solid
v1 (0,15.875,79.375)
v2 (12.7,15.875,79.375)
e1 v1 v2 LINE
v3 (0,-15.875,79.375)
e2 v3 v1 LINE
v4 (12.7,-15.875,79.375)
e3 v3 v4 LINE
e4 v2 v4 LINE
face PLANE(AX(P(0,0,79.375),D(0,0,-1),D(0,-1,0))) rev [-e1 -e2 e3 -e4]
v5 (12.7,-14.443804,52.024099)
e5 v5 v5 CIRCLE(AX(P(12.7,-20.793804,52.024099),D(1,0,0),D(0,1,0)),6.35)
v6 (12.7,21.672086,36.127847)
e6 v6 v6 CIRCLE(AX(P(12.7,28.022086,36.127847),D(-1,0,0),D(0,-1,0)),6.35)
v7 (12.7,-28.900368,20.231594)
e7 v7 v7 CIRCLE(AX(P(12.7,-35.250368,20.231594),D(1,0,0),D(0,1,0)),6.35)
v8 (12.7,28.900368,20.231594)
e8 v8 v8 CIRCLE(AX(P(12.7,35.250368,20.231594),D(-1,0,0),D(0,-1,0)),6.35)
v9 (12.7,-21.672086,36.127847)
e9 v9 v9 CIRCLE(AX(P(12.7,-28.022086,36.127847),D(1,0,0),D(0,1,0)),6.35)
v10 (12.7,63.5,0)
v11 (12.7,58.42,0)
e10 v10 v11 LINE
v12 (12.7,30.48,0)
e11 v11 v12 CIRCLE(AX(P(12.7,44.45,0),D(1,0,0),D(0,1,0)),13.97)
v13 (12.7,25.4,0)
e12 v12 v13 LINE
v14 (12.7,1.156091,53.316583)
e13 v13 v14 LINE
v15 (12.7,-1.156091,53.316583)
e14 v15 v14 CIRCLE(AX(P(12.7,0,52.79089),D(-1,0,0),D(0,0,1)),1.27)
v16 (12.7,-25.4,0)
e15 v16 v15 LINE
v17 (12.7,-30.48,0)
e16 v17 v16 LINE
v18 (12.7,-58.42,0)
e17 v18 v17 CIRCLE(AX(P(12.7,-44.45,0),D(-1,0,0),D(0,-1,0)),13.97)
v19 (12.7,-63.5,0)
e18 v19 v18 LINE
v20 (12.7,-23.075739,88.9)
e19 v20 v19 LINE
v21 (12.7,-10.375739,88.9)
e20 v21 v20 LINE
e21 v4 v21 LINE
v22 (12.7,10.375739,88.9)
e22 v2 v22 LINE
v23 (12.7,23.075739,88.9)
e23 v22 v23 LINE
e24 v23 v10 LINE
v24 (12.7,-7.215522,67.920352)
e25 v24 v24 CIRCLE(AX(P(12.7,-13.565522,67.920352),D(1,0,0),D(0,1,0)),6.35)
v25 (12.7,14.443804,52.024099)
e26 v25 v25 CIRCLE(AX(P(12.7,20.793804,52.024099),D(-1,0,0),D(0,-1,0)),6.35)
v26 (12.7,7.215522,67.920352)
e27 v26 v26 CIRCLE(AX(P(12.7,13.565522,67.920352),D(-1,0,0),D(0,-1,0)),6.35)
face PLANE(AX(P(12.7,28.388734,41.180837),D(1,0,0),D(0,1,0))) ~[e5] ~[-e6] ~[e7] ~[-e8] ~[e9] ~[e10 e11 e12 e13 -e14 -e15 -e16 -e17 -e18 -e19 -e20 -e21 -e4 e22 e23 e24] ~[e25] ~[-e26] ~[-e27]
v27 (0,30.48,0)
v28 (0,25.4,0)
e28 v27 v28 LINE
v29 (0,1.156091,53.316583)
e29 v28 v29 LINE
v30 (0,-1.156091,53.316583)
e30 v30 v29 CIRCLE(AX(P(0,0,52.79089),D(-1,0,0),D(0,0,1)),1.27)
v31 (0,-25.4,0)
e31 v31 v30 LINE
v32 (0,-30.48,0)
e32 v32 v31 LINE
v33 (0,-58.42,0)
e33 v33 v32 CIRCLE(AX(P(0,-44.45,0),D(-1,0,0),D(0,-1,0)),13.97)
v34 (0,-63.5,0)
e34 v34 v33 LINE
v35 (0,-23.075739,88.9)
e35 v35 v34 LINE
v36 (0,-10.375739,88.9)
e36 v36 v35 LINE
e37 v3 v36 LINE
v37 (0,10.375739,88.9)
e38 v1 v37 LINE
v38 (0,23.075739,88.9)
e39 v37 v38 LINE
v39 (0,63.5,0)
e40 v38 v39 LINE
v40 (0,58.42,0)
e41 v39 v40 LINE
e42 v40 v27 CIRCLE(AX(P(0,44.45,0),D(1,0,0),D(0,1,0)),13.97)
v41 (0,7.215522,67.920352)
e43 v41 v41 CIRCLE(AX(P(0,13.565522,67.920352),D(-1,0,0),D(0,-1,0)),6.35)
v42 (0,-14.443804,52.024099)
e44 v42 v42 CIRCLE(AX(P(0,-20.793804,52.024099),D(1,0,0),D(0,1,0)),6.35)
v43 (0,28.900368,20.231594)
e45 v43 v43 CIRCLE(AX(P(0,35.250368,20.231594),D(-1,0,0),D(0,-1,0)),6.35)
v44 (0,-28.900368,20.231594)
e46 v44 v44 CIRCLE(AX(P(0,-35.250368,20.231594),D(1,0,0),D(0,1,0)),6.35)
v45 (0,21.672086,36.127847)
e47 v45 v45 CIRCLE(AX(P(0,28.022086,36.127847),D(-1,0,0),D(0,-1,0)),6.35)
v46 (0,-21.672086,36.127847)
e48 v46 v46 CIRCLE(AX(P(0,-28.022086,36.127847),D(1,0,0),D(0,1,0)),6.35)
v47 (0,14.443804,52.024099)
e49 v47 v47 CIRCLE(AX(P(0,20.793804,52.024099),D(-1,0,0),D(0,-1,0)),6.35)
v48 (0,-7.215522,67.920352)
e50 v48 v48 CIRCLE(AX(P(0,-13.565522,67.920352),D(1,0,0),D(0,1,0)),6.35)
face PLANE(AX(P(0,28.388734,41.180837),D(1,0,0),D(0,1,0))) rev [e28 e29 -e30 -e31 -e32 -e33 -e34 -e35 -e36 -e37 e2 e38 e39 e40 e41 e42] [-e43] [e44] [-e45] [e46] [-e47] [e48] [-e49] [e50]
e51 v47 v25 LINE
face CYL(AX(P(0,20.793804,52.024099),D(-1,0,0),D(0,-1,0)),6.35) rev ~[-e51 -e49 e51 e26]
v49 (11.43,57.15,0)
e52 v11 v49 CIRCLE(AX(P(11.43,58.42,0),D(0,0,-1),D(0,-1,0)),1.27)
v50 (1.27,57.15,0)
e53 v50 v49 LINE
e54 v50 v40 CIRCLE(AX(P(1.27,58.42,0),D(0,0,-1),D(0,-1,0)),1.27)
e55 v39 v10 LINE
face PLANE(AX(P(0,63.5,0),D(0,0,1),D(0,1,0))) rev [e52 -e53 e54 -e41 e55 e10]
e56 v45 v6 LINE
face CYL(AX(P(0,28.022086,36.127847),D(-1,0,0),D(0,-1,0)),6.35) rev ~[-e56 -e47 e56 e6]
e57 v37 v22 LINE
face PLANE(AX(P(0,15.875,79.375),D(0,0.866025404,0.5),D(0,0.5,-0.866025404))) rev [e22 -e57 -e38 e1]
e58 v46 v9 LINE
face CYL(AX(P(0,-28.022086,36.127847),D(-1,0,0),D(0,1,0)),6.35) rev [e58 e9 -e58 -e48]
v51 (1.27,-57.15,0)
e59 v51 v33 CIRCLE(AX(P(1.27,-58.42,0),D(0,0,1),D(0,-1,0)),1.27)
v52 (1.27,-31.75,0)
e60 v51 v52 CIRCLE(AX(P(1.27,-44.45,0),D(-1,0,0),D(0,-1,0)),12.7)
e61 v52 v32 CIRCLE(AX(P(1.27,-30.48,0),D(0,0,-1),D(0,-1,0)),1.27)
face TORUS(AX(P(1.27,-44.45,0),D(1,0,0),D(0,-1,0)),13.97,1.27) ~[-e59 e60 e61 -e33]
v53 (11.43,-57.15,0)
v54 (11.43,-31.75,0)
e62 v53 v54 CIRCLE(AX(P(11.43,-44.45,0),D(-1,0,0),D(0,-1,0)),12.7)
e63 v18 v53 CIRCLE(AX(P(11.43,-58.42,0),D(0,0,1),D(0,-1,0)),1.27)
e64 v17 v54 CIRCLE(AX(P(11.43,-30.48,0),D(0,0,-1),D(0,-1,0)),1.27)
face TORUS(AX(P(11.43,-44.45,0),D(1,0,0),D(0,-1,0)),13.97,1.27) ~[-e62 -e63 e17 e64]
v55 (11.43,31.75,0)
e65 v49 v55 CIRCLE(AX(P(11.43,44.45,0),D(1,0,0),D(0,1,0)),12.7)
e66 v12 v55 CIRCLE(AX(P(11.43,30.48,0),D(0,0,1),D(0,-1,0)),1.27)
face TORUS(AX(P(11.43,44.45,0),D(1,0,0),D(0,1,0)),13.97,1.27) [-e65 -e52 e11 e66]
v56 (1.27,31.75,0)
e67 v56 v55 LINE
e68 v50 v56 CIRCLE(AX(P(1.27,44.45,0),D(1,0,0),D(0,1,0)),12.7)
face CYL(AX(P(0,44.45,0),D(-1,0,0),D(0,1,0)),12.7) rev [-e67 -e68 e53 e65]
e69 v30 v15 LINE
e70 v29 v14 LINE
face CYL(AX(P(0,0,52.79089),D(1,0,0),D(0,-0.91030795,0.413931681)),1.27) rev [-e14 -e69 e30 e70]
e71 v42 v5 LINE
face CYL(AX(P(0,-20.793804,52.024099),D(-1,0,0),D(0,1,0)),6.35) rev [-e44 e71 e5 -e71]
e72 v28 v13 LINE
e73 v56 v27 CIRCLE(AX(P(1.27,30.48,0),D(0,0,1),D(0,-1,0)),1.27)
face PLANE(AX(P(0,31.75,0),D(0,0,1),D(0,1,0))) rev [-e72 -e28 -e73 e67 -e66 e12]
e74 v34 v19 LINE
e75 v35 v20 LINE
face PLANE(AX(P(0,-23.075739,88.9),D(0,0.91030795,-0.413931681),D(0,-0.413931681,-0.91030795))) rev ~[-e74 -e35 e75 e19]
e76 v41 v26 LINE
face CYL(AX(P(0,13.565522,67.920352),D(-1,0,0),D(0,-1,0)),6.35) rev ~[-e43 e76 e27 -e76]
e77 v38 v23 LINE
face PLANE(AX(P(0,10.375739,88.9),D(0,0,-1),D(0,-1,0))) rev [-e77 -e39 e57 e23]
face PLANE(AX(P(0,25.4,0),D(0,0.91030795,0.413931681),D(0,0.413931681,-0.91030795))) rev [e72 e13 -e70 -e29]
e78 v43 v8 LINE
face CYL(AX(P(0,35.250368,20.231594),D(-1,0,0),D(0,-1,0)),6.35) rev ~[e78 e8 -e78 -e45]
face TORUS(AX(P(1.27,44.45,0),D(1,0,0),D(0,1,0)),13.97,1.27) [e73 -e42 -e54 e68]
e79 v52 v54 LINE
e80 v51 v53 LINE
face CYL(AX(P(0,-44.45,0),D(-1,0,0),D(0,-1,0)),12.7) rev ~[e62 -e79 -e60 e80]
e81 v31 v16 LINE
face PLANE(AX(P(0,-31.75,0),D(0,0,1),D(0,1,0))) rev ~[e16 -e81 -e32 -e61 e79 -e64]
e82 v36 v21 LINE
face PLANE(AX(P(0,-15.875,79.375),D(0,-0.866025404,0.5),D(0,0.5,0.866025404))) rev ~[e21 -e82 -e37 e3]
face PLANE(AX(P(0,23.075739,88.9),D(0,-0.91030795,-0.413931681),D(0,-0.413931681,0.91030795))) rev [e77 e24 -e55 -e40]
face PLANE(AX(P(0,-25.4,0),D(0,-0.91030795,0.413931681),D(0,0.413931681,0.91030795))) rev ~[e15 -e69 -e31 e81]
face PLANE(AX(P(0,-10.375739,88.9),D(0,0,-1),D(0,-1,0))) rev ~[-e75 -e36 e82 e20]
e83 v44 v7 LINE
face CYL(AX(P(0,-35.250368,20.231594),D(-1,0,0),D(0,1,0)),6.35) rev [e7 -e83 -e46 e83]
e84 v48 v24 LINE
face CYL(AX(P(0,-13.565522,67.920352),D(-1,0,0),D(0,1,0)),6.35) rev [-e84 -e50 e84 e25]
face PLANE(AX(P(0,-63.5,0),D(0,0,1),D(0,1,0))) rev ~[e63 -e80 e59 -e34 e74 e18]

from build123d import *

# Parameters (mm, degrees)
F0_R     = 6.35
F1_DEPTH = 12.7
F3_R     = 1.27


with BuildPart() as f1:
    # F0 (on Right) → F1 (new body)
    with BuildSketch(Plane.YZ):
        with BuildLine():
            Line((-23.075738686, 88.9), (-63.5, 0))
            Line((-63.5, 0), (-57.15, 0))
            ThreePointArc((-57.15, 0), (-44.45, 12.7), (-31.75, 0))
            Line((-31.75, 0), (-25.4, 0))
            Line((-25.4, 0), (0, 55.85902937))
            Line((0, 55.85902937), (0, 79.375))
            Line((0, 79.375), (-15.875, 79.375))
            Line((-15.875, 79.375), (-10.375738686, 88.9))
            Line((-10.375738686, 88.9), (-23.075738686, 88.9))
        make_face()
        with Locations((-35.2503683902, 20.2315941844)):
            Circle(F0_R, mode=Mode.SUBTRACT)
        with Locations((-28.0220864111, 36.1278467579)):
            Circle(F0_R, mode=Mode.SUBTRACT)
        with Locations((-20.7938044319, 52.0240993314)):
            Circle(F0_R, mode=Mode.SUBTRACT)
        with Locations((-13.5655224528, 67.9203519049)):
            Circle(F0_R, mode=Mode.SUBTRACT)
    extrude(amount=F1_DEPTH)

    # F2: F1 across plane


with BuildPart() as f1_1:
    add(f1.part)
    add(f1.part.mirror(Plane.XZ))

    # F3
    f3_edges = [f1_1.edges().sort_by_distance(p)[0] for p in [
        (12.7, 44.45, 12.7),
        (0, 44.45, 12.7),
        (0, -44.45, 12.7),
        (12.7, -44.45, 12.7),
        (6.35, 0, 55.859029),
    ]]
    fillet(f3_edges, radius=F3_R)


solid = f1_1.part
